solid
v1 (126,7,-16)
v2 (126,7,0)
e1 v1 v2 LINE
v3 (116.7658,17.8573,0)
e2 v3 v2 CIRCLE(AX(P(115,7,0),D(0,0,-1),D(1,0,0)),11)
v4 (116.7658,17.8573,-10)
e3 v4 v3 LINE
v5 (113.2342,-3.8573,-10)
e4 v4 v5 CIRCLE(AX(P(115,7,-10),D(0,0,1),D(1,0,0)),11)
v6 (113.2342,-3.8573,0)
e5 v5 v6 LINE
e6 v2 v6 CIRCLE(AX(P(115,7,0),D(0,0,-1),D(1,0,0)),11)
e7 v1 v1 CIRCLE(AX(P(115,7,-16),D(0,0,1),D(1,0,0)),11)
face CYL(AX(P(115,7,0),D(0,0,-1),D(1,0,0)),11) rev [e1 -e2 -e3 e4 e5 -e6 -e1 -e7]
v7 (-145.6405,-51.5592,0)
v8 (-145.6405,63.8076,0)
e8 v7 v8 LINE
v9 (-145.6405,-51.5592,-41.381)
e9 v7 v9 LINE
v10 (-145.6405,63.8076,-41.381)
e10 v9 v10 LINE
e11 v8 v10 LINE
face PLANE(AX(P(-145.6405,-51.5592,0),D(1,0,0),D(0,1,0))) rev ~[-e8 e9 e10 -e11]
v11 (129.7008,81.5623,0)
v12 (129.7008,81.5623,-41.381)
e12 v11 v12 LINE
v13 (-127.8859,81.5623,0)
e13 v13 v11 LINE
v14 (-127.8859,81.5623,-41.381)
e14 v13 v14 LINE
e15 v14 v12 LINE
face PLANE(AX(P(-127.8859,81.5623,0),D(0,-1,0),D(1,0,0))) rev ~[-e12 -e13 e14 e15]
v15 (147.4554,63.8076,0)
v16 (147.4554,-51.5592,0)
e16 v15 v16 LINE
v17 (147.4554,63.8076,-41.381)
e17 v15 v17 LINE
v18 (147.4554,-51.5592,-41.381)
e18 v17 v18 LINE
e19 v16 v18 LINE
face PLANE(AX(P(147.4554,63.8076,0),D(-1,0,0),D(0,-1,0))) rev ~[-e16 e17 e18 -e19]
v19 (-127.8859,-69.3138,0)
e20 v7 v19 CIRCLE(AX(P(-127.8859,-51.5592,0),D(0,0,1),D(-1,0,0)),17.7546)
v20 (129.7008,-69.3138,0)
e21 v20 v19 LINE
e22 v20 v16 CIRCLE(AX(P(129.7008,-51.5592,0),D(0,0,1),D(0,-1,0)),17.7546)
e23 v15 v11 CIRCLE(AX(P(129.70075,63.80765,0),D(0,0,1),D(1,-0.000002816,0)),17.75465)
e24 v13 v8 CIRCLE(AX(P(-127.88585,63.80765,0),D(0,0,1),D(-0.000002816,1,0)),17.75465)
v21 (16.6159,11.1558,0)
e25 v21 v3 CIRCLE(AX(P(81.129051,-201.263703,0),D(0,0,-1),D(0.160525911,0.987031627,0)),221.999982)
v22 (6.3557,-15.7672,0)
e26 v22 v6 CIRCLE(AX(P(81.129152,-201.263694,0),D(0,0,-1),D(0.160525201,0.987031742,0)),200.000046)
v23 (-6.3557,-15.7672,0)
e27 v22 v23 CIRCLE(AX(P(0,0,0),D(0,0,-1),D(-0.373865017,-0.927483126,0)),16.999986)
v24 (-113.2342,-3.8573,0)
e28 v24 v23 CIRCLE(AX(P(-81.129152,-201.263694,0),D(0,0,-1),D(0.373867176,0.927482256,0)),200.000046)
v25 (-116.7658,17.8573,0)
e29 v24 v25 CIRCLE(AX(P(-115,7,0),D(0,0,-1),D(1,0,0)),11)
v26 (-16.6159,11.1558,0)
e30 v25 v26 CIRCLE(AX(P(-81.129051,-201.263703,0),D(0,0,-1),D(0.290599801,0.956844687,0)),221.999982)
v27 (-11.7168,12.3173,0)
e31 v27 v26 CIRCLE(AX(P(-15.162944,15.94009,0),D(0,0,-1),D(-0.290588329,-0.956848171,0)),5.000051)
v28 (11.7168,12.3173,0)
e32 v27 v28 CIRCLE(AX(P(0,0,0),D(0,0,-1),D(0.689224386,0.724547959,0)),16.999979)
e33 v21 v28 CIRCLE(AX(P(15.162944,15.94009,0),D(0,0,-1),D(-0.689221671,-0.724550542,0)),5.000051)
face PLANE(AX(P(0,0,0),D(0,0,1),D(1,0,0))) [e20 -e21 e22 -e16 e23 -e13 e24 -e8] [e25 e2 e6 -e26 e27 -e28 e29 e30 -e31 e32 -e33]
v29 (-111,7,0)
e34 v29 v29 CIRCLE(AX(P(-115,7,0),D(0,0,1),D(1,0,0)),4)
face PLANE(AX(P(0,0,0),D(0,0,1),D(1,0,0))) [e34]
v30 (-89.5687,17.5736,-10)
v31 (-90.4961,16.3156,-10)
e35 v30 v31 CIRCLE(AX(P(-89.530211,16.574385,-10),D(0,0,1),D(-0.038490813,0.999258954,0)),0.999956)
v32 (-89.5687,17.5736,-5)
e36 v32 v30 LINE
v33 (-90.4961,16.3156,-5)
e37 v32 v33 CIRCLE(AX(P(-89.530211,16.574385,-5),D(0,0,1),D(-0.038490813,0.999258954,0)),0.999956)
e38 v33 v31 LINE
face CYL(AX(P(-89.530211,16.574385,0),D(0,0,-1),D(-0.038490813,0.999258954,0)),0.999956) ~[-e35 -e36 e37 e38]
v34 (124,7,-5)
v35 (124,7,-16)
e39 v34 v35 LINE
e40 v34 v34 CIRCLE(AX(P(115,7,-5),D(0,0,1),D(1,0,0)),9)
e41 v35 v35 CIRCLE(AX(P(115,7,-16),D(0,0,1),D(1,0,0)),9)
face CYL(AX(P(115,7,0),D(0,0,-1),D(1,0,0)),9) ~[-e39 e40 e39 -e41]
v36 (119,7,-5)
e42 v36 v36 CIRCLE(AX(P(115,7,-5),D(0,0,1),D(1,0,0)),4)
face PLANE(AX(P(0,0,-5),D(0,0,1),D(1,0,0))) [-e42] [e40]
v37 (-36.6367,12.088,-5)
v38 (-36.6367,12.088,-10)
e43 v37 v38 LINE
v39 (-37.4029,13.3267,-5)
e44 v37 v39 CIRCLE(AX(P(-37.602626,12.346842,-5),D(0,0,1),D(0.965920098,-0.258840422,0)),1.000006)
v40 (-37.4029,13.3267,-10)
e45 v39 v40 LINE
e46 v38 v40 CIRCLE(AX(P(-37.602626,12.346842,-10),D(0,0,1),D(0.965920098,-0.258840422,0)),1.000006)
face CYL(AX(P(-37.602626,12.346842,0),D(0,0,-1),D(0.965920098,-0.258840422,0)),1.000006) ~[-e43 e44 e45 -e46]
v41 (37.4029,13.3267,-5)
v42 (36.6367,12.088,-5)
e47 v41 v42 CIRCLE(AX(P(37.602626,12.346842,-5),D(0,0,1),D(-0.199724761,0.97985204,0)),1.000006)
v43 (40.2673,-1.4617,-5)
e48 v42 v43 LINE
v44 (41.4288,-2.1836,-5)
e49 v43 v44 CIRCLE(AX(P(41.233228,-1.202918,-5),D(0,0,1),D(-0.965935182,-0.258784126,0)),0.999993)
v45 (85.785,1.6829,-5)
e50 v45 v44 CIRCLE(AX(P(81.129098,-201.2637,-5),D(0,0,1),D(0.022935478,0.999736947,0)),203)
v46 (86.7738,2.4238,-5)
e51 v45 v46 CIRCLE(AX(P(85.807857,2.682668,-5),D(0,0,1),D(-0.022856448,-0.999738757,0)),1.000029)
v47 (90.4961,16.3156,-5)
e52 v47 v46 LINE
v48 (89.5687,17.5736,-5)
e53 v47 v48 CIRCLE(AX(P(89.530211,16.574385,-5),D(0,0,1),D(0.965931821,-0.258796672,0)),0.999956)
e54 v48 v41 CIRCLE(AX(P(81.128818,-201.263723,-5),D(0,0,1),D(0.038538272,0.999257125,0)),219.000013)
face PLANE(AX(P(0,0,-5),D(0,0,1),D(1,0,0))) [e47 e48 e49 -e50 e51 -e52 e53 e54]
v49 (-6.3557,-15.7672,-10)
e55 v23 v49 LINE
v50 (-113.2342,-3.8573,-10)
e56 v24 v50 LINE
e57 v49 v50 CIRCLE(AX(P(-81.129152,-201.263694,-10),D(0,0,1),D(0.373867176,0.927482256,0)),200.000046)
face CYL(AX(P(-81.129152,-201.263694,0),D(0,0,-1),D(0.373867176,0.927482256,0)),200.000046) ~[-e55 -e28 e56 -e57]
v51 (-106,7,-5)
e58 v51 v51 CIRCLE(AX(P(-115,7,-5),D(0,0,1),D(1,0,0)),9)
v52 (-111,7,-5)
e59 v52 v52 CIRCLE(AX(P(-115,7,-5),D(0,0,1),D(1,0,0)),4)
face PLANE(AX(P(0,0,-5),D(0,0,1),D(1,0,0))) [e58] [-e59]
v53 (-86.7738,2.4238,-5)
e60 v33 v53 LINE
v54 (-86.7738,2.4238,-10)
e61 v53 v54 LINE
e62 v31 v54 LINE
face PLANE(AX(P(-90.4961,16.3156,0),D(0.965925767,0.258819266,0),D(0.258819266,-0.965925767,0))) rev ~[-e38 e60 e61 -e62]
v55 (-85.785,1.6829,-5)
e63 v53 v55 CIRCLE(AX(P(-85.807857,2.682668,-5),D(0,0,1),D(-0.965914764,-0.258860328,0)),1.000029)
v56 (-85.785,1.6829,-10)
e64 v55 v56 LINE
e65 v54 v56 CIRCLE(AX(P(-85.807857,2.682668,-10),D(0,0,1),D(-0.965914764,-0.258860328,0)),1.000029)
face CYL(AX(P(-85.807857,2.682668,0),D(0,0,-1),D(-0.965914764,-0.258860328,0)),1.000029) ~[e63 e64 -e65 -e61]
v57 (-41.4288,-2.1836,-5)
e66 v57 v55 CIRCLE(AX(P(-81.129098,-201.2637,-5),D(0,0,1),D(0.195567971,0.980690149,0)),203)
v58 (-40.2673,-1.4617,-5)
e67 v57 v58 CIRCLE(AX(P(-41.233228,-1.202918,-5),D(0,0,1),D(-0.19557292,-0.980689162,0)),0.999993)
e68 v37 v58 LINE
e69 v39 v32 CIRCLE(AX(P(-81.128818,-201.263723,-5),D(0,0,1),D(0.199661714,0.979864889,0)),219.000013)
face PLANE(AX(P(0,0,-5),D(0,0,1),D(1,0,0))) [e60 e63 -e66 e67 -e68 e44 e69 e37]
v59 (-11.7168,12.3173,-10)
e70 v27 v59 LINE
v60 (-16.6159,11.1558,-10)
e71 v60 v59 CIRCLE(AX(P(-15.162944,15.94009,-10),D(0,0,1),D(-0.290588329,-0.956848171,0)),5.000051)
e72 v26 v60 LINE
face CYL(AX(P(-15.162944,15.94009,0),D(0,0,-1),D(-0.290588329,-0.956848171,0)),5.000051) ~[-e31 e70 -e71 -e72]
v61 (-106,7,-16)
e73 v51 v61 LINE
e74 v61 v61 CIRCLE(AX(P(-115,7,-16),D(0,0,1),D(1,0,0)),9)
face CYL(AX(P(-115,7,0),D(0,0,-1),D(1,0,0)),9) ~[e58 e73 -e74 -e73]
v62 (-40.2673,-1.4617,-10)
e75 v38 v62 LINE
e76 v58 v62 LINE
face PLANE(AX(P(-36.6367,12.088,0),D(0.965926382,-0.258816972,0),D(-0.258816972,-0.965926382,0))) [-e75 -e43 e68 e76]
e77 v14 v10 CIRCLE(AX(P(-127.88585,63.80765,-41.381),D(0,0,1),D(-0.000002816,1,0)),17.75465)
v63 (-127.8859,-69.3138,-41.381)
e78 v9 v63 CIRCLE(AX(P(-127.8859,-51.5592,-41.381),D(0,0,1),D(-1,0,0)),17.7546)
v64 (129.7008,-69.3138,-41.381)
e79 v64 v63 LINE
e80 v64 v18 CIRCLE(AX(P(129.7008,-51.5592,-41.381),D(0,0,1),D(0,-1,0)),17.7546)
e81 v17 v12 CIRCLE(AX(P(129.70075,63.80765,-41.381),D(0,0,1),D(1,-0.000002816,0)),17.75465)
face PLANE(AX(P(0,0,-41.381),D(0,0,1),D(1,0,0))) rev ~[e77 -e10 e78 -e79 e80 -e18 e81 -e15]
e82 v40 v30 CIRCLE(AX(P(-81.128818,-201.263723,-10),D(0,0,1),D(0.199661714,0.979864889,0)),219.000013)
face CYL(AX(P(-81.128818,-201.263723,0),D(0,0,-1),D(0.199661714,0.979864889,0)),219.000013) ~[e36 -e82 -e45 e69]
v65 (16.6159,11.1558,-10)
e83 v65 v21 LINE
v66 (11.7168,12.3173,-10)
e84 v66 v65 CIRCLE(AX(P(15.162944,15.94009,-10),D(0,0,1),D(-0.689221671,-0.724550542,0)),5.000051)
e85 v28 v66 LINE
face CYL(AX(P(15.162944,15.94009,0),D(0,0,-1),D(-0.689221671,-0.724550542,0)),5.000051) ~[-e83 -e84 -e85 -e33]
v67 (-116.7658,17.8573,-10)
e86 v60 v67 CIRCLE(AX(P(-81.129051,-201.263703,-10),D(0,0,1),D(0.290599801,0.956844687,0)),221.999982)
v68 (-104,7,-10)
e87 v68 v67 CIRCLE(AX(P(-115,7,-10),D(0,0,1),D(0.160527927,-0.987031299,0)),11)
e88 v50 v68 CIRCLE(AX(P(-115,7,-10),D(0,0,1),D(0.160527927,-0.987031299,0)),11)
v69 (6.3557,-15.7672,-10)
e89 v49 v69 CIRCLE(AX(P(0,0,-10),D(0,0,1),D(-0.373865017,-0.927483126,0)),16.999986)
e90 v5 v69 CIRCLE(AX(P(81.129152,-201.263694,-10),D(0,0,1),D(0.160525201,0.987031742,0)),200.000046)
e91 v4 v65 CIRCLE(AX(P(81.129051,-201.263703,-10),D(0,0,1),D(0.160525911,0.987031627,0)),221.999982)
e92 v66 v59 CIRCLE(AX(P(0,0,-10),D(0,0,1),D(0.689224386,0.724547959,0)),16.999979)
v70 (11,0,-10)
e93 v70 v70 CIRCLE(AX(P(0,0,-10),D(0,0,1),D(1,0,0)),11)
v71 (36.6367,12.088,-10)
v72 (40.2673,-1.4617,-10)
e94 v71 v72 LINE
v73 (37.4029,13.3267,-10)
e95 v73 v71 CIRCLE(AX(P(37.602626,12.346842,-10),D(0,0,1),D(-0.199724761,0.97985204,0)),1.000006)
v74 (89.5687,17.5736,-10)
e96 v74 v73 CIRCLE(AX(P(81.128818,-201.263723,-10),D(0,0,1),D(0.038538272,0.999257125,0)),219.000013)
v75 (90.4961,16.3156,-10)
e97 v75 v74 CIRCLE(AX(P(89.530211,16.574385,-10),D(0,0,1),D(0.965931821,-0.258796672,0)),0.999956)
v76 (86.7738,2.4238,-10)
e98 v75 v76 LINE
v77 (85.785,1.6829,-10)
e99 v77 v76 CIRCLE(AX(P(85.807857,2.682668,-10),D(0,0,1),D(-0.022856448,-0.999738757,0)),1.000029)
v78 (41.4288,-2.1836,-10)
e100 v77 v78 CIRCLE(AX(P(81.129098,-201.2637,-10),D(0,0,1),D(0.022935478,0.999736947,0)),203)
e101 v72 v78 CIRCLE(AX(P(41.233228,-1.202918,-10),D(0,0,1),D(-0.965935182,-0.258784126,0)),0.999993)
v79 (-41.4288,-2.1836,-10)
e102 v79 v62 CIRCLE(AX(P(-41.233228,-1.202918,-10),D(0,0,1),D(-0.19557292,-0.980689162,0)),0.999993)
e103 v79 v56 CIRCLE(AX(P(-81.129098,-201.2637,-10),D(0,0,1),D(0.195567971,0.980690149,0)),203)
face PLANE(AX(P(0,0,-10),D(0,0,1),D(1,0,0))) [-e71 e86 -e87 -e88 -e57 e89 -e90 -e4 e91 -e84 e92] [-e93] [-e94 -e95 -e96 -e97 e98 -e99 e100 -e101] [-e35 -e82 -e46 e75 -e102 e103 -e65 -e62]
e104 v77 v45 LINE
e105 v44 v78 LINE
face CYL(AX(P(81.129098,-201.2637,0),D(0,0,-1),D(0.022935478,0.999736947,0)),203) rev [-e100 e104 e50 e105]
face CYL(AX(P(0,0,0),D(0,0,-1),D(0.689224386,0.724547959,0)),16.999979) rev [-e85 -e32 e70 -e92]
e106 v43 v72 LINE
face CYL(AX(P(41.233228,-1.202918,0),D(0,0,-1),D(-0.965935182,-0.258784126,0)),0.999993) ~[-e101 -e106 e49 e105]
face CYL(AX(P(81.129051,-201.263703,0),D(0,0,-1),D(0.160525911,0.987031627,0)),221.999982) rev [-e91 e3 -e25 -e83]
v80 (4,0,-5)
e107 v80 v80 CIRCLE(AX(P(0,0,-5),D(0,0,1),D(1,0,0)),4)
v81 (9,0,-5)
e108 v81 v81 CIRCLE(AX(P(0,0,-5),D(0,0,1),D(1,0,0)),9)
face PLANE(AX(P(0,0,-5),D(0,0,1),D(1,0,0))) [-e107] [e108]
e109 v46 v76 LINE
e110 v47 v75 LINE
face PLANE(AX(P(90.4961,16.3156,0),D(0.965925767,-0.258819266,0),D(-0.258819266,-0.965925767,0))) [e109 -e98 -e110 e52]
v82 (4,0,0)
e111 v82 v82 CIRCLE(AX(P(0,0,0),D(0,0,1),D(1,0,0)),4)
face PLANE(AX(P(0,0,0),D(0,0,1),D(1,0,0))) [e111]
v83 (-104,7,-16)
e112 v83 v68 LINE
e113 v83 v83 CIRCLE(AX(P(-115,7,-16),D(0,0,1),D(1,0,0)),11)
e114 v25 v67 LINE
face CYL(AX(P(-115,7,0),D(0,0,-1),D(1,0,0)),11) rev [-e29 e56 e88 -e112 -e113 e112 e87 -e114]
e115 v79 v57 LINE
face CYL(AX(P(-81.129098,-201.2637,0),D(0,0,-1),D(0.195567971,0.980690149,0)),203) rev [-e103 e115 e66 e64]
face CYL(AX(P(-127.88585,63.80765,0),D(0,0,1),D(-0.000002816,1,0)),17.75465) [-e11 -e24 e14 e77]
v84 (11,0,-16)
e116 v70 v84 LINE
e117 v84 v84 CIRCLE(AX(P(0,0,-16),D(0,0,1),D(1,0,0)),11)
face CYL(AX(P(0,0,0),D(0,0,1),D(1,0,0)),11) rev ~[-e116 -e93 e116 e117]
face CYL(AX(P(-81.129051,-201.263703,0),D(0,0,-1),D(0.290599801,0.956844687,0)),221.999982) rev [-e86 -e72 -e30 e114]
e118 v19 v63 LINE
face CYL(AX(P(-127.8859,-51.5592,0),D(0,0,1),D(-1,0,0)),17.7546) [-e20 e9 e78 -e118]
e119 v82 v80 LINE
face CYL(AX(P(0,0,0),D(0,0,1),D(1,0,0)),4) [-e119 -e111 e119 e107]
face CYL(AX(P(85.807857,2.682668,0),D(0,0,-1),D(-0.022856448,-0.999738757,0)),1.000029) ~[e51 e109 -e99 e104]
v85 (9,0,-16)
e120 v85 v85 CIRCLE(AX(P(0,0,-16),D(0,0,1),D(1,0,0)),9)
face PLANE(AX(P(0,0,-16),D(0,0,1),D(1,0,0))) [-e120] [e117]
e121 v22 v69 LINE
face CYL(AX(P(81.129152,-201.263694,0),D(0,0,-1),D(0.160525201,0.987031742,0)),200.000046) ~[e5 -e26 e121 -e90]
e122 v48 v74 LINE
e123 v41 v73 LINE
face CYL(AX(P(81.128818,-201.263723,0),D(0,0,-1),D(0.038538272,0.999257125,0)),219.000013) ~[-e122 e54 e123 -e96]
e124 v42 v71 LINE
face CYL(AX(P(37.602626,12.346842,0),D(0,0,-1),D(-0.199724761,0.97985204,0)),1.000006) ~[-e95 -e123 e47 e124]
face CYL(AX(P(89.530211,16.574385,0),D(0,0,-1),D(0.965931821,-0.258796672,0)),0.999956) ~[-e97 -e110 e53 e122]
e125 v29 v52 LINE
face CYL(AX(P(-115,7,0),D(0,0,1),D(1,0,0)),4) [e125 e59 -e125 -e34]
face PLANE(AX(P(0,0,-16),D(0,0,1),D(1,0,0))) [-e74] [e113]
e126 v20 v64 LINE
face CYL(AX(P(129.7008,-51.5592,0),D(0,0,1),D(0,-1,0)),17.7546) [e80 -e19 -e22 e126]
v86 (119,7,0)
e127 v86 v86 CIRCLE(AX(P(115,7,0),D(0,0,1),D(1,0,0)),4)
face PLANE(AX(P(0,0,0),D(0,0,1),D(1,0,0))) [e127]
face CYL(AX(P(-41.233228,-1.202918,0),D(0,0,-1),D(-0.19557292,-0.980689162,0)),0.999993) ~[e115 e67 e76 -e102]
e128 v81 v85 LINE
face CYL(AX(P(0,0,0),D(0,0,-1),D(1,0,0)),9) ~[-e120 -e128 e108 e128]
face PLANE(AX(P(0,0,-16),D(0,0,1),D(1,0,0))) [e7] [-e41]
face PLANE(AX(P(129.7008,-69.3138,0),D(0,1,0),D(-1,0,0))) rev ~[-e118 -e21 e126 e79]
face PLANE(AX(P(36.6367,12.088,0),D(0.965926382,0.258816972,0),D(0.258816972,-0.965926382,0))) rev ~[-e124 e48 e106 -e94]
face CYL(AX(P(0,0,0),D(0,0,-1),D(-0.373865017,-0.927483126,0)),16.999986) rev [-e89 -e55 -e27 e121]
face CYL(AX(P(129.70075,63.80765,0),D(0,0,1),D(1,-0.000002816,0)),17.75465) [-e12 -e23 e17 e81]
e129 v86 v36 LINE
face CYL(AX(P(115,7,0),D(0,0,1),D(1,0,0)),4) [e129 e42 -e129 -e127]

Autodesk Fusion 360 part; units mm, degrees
sketch "Sketch1" plane through (0, 0, 0) normal (0, 0, 1) x (1, 0, 0)
  circle A0 centre (0, 0) radius 4
  circle A1 centre (0, 0) radius 9
  circle A2 centre (0, 0) radius 11
  circle A3 centre (115, 7) radius 4
  circle A4 centre (115, 7) radius 9
  arc A5 (113.2342, -3.8573) -> (6.3557, -15.7672) centre (81.1291, -201.2637) ccw
  circle A6 centre (115, 7) radius 11
  arc A7 (85.785, 1.6829) -> (41.4288, -2.1836) centre (81.1291, -201.2637) ccw
  arc A8 (89.5687, 17.5736) -> (37.4029, 13.3267) centre (81.1291, -201.2637) ccw
  arc A9 (116.7658, 17.8573) -> (16.6159, 11.1558) centre (81.1291, -201.2637) ccw
  line L0 (115, 7) -> (88, 7) construction
  line L1 (88, 7) -> (38, 7) construction
  line L2 (90.4961, 16.3156) -> (86.7738, 2.4238)
  line L3 (36.6367, 12.088) -> (40.2673, -1.4617)
  arc A10 (37.4029, 13.3267) -> (36.6367, 12.088) centre (37.6026, 12.3468) ccw
  arc A11 (40.2673, -1.4617) -> (41.4288, -2.1836) centre (41.2332, -1.2029) ccw
  arc A12 (90.4961, 16.3156) -> (89.5687, 17.5736) centre (89.5302, 16.5744) ccw
  arc A13 (85.785, 1.6829) -> (86.7738, 2.4238) centre (85.8079, 2.6827) ccw
  line L4 (0, 0) -> (0, -43.0721) construction
  circle A14 centre (-115, 7) radius 4
  arc A15 (-6.3557, -15.7672) -> (-113.2342, -3.8573) centre (-81.1291, -201.2637) ccw
  arc A16 (-16.6159, 11.1558) -> (-116.7658, 17.8573) centre (-81.1291, -201.2637) ccw
  arc A17 (-41.4288, -2.1836) -> (-85.785, 1.6829) centre (-81.1291, -201.2637) ccw
  arc A18 (-37.4029, 13.3267) -> (-89.5687, 17.5736) centre (-81.1291, -201.2637) ccw
  arc A19 (-89.5687, 17.5736) -> (-90.4961, 16.3156) centre (-89.5302, 16.5744) ccw
  circle A20 centre (-115, 7) radius 9
  arc A21 (-86.7738, 2.4238) -> (-85.785, 1.6829) centre (-85.8079, 2.6827) ccw
  line L5 (-115, 7) -> (-88, 7) construction
  line L6 (-36.6367, 12.088) -> (-40.2673, -1.4617)
  arc A22 (-41.4288, -2.1836) -> (-40.2673, -1.4617) centre (-41.2332, -1.2029) ccw
  circle A23 centre (-115, 7) radius 11
  line L7 (-90.4961, 16.3156) -> (-86.7738, 2.4238)
  arc A24 (-36.6367, 12.088) -> (-37.4029, 13.3267) centre (-37.6026, 12.3468) ccw
  line L8 (-88, 7) -> (-38, 7) construction
  arc A25 (-6.3557, -15.7672) -> (6.3557, -15.7672) centre (0, 0) ccw
  arc A26 (11.7168, 12.3173) -> (-11.7168, 12.3173) centre (0, 0) ccw
  arc A27 (-16.6159, 11.1558) -> (-11.7168, 12.3173) centre (-15.1629, 15.9401) ccw
  arc A28 (11.7168, 12.3173) -> (16.6159, 11.1558) centre (15.1629, 15.9401) ccw
  dimension "d1" = 18
  dimension "d2" = 22
  dimension "d3" = 18
  dimension "d5" = 34
  dimension "d14" = 8
  dimension "d15" = 22
  dimension "d16" = 8
  dimension "d17" = 7
  dimension "d18" = 115
  dimension "d19" = 200
  dimension "d23" = 27
  dimension "d24" = 50
  dimension "d25" = 75
  dimension "d26" = 75
  dimension "d27" = 1
  dimension "d28" = 1
  dimension "d29" = 1
  dimension "d30" = 1
  dimension "d31" = 3
  dimension "d32" = 3
  dimension "d33" = 5
  dimension "d34" = 5
extrude "Extrude1" add sketch "Sketch1" along normal mid plane 20 contours A5 A6 A9 A15 A16 A23 A25 A26 A27 A28 makes body 1
extrude "Extrude2" add sketch "Sketch1" along normal mid plane 10 contours A7 A8 L2 L3 A10 A11 A12 A13 | A17 A18 A19 A21 L6 A22 L7 A24 bodies 1
extrude "Extrude3" add sketch "Sketch1" along normal mid plane 32 contours A2 | A6 | A23 bodies 1
extrude "Extrude4" add sketch "Sketch1" along normal mid plane 10 contours A1 | A4 | A20 bodies 1
sketch "Sketch2" plane through (0, 0, 0) normal (0, 0, 1) x (1, 0, 0)
  line L0 (-127.8859, 81.5623) -> (129.7008, 81.5623)
  line L1 (147.4554, 63.8076) -> (147.4554, -51.5592)
  line L2 (129.7008, -69.3138) -> (-127.8859, -69.3138)
  line L3 (-145.6405, -51.5592) -> (-145.6405, 63.8076)
  arc A0 (-127.8859, 81.5623) -> (-145.6405, 63.8076) centre (-127.8859, 63.8076) ccw
  arc A1 (-145.6405, -51.5592) -> (-127.8859, -69.3138) centre (-127.8859, -51.5592) ccw
  arc A2 (129.7008, -69.3138) -> (147.4554, -51.5592) centre (129.7008, -51.5592) ccw
  arc A3 (147.4554, 63.8076) -> (129.7008, 81.5623) centre (129.7008, 63.8076) ccw
  dimension "d47" = 17.7546
extrude "Extrude5" add sketch "Sketch2" against normal blind 41.381 separate body makes body 2
combine "Combine1" operation cut target body 2 tool bodies 1
